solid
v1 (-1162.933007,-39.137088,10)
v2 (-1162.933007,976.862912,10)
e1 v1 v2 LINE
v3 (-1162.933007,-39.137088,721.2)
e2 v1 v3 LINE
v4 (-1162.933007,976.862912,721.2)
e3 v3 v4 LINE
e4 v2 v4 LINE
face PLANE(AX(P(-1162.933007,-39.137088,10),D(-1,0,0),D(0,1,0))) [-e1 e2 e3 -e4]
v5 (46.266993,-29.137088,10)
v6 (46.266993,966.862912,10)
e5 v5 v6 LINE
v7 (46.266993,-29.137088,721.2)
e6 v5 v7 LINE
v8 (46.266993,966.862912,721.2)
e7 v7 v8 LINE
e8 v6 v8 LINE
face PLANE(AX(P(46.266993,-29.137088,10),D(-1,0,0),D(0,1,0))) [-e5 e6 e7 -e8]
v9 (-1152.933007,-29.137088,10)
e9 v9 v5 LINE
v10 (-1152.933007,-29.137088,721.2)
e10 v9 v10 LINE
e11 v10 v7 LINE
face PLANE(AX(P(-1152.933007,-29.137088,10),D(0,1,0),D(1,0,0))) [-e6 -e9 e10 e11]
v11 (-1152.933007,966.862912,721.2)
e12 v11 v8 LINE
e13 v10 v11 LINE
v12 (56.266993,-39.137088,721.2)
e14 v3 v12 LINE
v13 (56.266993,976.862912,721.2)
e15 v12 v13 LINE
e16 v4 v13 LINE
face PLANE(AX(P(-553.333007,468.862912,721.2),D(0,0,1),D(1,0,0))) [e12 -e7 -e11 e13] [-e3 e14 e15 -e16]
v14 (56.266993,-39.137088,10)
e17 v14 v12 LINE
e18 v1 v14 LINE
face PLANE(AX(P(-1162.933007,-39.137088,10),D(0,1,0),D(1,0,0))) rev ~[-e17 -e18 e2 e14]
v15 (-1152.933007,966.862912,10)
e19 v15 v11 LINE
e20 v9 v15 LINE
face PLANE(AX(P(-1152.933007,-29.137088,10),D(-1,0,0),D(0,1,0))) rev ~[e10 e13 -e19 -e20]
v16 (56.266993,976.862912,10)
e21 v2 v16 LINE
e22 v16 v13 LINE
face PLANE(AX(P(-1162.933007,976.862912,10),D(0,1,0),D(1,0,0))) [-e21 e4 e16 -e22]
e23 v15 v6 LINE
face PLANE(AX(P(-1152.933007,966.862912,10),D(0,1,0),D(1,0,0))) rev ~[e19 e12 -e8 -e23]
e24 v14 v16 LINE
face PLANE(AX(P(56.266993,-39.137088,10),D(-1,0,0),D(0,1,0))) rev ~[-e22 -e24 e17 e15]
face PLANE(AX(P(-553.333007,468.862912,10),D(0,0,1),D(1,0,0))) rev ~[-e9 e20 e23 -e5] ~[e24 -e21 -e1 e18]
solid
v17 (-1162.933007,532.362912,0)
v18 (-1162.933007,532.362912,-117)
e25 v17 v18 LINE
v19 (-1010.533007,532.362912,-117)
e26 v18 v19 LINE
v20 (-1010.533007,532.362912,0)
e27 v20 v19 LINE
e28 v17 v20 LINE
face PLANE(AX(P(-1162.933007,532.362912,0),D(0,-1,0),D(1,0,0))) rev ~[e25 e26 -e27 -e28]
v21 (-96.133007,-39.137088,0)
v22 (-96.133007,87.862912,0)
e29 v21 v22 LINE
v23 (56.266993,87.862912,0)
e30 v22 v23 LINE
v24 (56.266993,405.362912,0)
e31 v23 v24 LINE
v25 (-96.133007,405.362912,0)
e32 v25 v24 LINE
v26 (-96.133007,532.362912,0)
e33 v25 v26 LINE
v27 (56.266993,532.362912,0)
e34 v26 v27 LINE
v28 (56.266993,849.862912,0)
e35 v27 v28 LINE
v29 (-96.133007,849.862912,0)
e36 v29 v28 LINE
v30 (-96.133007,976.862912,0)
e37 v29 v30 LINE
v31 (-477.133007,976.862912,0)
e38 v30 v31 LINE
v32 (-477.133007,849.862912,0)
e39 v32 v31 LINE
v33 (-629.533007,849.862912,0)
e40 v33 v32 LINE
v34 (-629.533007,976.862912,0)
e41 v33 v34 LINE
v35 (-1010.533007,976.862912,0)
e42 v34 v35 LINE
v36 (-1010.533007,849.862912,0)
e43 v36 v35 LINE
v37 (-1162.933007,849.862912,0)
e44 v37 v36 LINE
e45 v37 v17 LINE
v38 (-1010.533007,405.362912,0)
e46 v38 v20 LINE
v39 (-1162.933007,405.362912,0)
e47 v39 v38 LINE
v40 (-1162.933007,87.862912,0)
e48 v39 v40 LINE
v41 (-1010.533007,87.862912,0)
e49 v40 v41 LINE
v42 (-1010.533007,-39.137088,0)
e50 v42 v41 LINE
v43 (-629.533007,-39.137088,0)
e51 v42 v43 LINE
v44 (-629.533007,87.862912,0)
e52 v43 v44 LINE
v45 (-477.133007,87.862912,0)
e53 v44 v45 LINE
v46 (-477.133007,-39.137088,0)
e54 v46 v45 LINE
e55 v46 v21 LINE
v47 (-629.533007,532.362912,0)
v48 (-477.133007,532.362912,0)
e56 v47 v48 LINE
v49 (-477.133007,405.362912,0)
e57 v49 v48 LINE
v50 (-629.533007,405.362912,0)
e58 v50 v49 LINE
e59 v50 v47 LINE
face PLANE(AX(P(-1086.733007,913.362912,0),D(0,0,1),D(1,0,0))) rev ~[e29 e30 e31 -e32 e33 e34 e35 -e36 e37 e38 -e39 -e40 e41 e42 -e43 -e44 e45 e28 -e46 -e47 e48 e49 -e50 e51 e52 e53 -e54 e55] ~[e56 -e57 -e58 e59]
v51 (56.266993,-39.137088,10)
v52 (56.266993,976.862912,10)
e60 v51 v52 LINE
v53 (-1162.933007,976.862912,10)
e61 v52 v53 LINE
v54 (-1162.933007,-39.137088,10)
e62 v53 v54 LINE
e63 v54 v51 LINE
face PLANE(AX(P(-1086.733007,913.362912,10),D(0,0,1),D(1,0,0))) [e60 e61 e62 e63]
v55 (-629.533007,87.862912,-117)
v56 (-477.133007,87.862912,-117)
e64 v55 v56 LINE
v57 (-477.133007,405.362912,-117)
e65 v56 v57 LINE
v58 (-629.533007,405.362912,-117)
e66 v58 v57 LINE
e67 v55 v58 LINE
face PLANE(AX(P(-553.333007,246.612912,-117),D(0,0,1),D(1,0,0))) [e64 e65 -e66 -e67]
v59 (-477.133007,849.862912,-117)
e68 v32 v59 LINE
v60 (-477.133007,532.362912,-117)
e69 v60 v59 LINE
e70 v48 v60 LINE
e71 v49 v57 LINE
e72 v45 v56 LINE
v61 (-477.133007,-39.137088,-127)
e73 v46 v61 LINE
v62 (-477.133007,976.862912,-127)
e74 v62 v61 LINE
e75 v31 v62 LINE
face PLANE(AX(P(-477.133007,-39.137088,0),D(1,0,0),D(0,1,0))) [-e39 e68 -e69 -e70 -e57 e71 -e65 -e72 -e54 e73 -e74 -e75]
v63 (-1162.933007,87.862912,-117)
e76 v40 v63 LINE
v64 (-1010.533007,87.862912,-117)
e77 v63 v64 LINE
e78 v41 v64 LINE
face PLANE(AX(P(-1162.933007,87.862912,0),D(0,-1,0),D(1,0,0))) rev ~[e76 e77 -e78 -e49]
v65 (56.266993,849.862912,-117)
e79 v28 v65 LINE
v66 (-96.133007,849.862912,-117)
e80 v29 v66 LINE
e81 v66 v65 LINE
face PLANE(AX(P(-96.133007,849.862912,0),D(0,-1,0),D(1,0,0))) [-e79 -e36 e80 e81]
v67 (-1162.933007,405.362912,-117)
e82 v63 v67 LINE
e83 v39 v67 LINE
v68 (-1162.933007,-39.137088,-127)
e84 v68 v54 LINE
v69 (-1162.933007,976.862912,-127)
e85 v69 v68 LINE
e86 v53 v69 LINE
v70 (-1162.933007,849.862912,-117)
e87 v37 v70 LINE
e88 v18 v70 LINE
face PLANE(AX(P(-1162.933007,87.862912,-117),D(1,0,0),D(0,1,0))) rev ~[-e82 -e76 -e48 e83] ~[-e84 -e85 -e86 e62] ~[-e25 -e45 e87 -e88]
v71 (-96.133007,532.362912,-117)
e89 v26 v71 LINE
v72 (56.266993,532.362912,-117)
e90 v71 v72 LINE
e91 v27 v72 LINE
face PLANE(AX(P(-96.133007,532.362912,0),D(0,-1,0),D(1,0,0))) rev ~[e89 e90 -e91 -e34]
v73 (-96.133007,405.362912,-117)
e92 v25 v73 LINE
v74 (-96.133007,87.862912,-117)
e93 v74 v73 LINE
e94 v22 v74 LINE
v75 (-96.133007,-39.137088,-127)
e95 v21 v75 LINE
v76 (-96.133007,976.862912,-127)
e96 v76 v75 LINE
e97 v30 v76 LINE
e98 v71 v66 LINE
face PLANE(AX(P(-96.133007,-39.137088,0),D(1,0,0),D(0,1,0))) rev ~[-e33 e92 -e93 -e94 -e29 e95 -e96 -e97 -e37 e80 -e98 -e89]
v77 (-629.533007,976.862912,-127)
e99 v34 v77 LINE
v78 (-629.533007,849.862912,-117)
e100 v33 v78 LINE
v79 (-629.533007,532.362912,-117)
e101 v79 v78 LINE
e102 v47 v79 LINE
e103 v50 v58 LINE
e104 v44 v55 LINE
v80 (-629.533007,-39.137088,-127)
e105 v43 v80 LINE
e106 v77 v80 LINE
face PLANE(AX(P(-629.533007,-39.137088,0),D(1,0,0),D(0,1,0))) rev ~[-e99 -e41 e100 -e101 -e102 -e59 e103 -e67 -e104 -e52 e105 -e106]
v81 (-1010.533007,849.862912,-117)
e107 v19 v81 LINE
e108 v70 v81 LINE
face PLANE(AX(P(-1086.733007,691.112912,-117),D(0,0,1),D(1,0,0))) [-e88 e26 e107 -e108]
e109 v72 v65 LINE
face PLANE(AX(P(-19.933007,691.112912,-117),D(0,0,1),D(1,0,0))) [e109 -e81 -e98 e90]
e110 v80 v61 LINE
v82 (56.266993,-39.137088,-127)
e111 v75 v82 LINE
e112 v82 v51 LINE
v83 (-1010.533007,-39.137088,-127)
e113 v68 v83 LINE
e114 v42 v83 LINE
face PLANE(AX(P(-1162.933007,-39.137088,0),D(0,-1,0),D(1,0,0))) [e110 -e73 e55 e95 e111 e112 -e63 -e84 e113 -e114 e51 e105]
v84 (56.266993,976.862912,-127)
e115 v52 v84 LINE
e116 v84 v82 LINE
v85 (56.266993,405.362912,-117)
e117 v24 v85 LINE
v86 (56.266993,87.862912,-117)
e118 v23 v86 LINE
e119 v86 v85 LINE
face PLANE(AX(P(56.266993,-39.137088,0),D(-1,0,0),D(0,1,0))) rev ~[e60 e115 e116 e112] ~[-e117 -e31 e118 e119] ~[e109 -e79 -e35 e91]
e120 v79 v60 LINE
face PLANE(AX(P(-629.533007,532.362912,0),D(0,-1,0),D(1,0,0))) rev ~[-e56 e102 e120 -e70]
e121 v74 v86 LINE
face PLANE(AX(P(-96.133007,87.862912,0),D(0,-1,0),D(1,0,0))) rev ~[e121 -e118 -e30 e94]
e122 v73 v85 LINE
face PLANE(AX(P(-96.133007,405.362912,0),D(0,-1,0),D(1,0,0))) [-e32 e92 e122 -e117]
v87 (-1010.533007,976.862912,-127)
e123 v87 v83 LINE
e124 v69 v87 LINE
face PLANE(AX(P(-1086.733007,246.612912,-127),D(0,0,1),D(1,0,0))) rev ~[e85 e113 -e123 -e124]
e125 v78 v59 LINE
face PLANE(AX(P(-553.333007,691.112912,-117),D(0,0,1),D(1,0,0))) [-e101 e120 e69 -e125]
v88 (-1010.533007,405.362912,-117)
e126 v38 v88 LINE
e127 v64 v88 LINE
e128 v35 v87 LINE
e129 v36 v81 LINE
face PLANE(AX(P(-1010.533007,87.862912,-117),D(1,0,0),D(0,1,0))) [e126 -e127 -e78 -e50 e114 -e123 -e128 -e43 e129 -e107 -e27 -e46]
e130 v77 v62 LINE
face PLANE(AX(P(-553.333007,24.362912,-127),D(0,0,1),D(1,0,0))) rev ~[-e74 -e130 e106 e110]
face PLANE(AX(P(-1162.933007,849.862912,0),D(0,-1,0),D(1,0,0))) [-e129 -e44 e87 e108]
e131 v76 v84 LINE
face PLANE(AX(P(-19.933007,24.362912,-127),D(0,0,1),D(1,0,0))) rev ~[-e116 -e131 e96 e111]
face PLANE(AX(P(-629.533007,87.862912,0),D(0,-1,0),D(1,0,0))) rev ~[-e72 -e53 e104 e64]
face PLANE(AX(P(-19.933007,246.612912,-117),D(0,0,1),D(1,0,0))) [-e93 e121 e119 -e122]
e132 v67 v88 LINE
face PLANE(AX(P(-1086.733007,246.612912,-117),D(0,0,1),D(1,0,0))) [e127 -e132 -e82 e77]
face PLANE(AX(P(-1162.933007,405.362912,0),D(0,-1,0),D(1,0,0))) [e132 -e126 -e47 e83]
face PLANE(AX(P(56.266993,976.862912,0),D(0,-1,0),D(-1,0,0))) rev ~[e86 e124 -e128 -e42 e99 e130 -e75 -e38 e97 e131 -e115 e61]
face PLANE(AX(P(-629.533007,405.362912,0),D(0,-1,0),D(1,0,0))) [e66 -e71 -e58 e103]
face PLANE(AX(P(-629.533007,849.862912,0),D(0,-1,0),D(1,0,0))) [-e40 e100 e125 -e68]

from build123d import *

# Parameters (mm, degrees)
F0_W     = 152.4
F0_H     = 127
F0_W_2   = 381
F0_H_2   = 317.5
F1_DEPTH = 10
F2_DEPTH = 127
F3_START = -117
F3_DEPTH = 10
F4_W     = 1219.2
F4_H     = 1016
F4_W_2   = 1199.2
F4_H_2   = 996
F5_DEPTH = 711.2


with BuildPart() as f1:
    # F0 (on Top) → F1 (new body)
    with BuildSketch(Plane.XY):
        with Locations((-1086.7330067158, 913.3629122376)):
            Rectangle(F0_W, F0_H)
        with Locations((-820.0330067158, 913.3629122376)):
            Rectangle(F0_W_2, F0_H)
        with Locations((-553.3330067158, 913.3629122376)):
            Rectangle(F0_W, F0_H)
        with Locations((-286.6330067158, 913.3629122376)):
            Rectangle(F0_W_2, F0_H)
        with Locations((-19.9330067158, 913.3629122376)):
            Rectangle(F0_W, F0_H)
        with Locations((-19.9330067158, 691.1129122376)):
            Rectangle(F0_W, F0_H_2)
        with Locations((-286.6330067158, 691.1129122376)):
            Rectangle(F0_W_2, F0_H_2)
        with Locations((-553.3330067158, 691.1129122376)):
            Rectangle(F0_W, F0_H_2)
        with Locations((-820.0330067158, 691.1129122376)):
            Rectangle(F0_W_2, F0_H_2)
        with Locations((-1086.7330067158, 691.1129122376)):
            Rectangle(F0_W, F0_H_2)
        with Locations((-1086.7330067158, 24.3629122376)):
            Rectangle(F0_W, F0_H)
        with Locations((-1086.7330067158, 246.6129122376)):
            Rectangle(F0_W, F0_H_2)
        with Locations((-820.0330067158, 24.3629122376)):
            Rectangle(F0_W_2, F0_H)
        with Locations((-286.6330067158, 246.6129122376)):
            Rectangle(F0_W_2, F0_H_2)
        with Locations((-820.0330067158, 246.6129122376)):
            Rectangle(F0_W_2, F0_H_2)
        with Locations((-286.6330067158, 24.3629122376)):
            Rectangle(F0_W_2, F0_H)
        with Locations((-19.9330067158, 246.6129122376)):
            Rectangle(F0_W, F0_H_2)
        with Locations((-1086.7330067158, 468.8629122376)):
            Rectangle(F0_W, F0_H)
        with Locations((-820.0330067158, 468.8629122376)):
            Rectangle(F0_W_2, F0_H)
        with Locations((-553.3330067158, 468.8629122376)):
            Rectangle(F0_W, F0_H)
        with Locations((-286.6330067158, 468.8629122376)):
            Rectangle(F0_W_2, F0_H)
        with Locations((-553.3330067158, 246.6129122376)):
            Rectangle(F0_W, F0_H_2)
        with Locations((-19.9330067158, 468.8629122376)):
            Rectangle(F0_W, F0_H)
        with Locations((-553.3330067158, 24.3629122376)):
            Rectangle(F0_W, F0_H)
        with Locations((-19.9330067158, 24.3629122376)):
            Rectangle(F0_W, F0_H)
    extrude(amount=F1_DEPTH)

    # F0 (on Top) → F2 (join)
    with BuildSketch(Plane.XY):
        with Locations((-1086.7330067158, 24.3629122376)):
            Rectangle(F0_W, F0_H)
        with Locations((-553.3330067158, 24.3629122376)):
            Rectangle(F0_W, F0_H)
        with Locations((-19.9330067158, 24.3629122376)):
            Rectangle(F0_W, F0_H)
        with Locations((-19.9330067158, 468.8629122376)):
            Rectangle(F0_W, F0_H)
        with Locations((-553.3330067158, 468.8629122376)):
            Rectangle(F0_W, F0_H)
        with Locations((-1086.7330067158, 468.8629122376)):
            Rectangle(F0_W, F0_H)
        with Locations((-1086.7330067158, 913.3629122376)):
            Rectangle(F0_W, F0_H)
        with Locations((-553.3330067158, 913.3629122376)):
            Rectangle(F0_W, F0_H)
        with Locations((-19.9330067158, 913.3629122376)):
            Rectangle(F0_W, F0_H)
    extrude(amount=-F2_DEPTH)

    # F0 (on Top) → F3 (join)
    with BuildSketch(Plane.XY.offset(F3_START)):
        with Locations((-1086.7330067158, 246.6129122376)):
            Rectangle(F0_W, F0_H_2)
        with Locations((-553.3330067158, 246.6129122376)):
            Rectangle(F0_W, F0_H_2)
        with Locations((-19.9330067158, 246.6129122376)):
            Rectangle(F0_W, F0_H_2)
        with Locations((-19.9330067158, 691.1129122376)):
            Rectangle(F0_W, F0_H_2)
        with Locations((-553.3330067158, 691.1129122376)):
            Rectangle(F0_W, F0_H_2)
        with Locations((-1086.7330067158, 691.1129122376)):
            Rectangle(F0_W, F0_H_2)
    extrude(amount=-F3_DEPTH)


with BuildPart() as f5:
    # F4 (on face) → F5 (new body)
    with BuildSketch(Plane.XY.offset(10)):
        with Locations((-553.3330067158, 468.8629122376)):
            Rectangle(F4_W, F4_H)
        with Locations((-553.3330067158, 468.8629122376)):
            Rectangle(F4_W_2, F4_H_2, mode=Mode.SUBTRACT)
    extrude(amount=F5_DEPTH)


solid = Compound([f1.part, f5.part])
